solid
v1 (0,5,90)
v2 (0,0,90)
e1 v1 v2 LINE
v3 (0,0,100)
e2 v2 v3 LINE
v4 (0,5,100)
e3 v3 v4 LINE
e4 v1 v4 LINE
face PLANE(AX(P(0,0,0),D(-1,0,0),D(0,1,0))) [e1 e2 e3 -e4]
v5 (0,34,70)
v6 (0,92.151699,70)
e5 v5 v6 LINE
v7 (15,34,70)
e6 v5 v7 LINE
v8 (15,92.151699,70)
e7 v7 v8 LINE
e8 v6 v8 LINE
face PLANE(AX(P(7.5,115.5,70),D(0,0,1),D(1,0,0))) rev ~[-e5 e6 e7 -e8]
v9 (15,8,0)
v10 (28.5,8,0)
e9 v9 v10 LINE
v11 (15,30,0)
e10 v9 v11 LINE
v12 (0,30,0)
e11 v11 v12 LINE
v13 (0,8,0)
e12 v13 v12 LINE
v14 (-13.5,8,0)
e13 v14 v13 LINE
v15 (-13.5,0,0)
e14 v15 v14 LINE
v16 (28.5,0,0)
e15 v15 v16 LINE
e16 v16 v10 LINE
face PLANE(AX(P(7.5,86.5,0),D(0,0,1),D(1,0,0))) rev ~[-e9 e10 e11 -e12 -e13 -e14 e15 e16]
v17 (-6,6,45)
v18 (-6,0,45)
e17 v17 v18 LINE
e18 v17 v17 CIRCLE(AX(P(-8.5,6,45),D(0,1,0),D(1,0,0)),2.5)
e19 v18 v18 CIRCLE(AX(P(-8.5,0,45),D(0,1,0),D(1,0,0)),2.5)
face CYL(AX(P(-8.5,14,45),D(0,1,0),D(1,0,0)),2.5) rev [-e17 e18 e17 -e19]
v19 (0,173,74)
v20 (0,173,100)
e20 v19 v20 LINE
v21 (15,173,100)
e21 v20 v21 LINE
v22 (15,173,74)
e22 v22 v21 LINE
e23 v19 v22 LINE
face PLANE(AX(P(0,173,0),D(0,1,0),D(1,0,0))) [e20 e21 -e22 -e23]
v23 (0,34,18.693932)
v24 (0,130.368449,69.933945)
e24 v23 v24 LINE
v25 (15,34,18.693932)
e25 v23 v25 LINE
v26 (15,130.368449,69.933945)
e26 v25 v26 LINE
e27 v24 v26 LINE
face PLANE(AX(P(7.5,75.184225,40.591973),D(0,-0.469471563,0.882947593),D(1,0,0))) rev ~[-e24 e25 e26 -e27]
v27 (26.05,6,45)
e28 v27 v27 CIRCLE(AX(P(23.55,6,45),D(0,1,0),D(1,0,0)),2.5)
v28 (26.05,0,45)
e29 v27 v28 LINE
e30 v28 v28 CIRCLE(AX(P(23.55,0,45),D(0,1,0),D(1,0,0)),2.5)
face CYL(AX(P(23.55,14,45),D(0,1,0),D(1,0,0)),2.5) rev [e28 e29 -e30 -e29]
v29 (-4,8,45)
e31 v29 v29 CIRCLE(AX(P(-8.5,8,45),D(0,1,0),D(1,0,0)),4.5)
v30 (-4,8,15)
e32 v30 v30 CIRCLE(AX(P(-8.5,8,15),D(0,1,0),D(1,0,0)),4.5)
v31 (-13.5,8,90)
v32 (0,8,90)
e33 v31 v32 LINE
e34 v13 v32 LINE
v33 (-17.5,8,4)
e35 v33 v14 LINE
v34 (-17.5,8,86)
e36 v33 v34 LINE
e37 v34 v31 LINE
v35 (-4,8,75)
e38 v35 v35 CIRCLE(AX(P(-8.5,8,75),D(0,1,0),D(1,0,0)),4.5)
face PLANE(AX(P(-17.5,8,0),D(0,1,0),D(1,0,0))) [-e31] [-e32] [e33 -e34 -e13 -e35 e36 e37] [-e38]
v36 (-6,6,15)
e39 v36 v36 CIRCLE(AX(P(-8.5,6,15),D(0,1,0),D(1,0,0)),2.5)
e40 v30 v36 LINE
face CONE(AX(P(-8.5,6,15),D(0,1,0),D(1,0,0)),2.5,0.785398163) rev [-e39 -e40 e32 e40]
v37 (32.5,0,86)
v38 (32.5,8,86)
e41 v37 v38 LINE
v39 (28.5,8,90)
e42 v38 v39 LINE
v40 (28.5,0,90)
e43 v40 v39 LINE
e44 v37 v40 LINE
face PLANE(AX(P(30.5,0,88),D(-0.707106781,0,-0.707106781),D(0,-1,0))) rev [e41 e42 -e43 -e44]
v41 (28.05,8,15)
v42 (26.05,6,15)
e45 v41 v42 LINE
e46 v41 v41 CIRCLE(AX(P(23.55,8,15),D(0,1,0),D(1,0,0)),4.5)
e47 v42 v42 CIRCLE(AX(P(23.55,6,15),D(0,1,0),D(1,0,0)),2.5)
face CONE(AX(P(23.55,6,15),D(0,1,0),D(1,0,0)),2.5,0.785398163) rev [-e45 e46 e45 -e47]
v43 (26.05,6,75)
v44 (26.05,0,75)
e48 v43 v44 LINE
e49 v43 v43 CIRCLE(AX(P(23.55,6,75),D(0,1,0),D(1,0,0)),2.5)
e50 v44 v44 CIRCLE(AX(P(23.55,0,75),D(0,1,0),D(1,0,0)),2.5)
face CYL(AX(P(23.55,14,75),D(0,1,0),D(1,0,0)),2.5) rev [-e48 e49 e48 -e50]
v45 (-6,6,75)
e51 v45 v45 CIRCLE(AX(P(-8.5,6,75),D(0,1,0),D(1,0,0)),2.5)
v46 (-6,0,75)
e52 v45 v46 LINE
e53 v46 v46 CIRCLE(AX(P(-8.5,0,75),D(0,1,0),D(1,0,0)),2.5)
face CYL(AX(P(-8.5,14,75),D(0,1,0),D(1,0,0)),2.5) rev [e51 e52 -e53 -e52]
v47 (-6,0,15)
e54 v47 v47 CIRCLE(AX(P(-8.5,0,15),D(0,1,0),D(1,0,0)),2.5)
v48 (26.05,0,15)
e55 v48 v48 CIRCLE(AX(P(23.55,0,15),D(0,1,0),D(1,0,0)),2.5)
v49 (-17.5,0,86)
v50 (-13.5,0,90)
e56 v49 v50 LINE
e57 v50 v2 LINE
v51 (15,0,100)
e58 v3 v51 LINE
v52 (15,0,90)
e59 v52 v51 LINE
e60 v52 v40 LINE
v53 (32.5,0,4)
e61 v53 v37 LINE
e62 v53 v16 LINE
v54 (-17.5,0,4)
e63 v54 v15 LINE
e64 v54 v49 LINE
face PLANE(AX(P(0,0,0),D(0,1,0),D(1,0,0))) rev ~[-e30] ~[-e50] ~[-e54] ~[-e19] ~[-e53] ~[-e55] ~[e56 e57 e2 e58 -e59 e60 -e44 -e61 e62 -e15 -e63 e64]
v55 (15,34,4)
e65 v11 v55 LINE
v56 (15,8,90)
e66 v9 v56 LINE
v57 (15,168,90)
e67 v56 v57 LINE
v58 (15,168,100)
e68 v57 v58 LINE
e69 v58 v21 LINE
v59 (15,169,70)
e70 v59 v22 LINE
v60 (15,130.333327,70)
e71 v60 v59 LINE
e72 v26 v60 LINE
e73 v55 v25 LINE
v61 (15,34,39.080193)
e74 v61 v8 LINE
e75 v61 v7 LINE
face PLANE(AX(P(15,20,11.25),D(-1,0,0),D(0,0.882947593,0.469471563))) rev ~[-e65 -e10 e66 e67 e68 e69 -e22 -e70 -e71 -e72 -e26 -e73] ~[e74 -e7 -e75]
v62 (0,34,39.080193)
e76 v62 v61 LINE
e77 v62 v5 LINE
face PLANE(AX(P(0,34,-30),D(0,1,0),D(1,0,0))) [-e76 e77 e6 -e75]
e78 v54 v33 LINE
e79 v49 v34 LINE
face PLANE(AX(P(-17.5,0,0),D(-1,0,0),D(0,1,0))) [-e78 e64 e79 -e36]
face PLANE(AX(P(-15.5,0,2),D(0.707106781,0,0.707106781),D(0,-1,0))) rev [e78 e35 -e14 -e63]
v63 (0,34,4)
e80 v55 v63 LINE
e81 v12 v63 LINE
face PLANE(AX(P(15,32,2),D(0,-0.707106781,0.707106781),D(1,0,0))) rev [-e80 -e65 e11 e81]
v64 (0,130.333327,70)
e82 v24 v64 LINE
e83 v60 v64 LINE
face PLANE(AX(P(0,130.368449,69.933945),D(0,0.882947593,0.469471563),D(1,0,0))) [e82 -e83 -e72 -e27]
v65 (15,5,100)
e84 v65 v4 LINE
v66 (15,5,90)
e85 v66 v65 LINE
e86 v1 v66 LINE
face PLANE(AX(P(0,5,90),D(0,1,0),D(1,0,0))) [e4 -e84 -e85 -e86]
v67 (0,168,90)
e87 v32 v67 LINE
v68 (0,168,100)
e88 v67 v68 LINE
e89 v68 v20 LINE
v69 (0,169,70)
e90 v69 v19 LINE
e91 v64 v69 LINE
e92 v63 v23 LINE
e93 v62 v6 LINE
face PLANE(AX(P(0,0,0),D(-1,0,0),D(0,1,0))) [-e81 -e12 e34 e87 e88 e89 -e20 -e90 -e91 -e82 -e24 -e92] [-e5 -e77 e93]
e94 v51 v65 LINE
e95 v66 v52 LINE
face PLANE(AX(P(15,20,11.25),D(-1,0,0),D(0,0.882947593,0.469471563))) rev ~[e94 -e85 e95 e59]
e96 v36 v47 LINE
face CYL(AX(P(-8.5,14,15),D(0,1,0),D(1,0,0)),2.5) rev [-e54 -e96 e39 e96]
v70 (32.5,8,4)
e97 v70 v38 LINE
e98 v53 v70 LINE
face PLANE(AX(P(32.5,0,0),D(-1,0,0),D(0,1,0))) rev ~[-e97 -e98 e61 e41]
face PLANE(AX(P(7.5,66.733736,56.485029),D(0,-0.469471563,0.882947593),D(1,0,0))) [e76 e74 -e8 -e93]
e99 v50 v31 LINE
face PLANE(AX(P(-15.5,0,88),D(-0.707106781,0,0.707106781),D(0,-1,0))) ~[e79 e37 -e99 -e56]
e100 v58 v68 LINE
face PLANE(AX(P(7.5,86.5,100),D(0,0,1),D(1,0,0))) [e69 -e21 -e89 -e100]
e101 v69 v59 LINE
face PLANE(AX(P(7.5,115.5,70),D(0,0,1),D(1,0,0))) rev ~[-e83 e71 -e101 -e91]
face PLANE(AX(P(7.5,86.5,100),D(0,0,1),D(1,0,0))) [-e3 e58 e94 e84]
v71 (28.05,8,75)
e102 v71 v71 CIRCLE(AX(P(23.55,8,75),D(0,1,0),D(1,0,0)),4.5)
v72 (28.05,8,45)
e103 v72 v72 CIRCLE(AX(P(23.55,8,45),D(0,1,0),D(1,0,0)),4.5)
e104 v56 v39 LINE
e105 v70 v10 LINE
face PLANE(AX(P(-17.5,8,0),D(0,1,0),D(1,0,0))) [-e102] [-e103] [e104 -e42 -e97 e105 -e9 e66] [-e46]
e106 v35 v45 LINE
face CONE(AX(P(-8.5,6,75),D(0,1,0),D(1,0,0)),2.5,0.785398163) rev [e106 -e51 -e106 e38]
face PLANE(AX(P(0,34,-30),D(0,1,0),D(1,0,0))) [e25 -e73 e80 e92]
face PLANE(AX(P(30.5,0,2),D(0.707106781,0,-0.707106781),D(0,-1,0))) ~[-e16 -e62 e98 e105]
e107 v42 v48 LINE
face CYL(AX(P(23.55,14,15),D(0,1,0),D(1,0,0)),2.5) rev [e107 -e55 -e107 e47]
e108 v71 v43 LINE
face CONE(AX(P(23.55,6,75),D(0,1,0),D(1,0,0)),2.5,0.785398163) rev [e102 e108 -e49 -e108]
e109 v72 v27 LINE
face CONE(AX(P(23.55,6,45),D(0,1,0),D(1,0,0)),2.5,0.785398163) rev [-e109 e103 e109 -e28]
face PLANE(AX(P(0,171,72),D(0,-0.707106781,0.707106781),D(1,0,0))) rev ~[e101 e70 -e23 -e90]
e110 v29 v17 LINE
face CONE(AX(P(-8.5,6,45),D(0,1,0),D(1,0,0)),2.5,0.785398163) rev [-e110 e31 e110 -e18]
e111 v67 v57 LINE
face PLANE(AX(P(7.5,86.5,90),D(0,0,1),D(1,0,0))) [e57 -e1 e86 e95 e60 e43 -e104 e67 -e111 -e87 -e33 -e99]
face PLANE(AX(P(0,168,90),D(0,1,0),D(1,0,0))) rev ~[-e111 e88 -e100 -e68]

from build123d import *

# Parameters (mm, degrees)
CYLINDER005_R          = 2.5
CYLINDER005_DEPTH      = 20
CYLINDER005_ROLL_ANGLE = 90
CYLINDER004_R          = 2.5
CYLINDER004_DEPTH      = 20
CYLINDER004_ROLL_ANGLE = 90
CYLINDER003_R          = 2.5
CYLINDER003_DEPTH      = 20
CYLINDER003_ROLL_ANGLE = 90
CYLINDER002_R          = 2.5
CYLINDER002_DEPTH      = 20
CYLINDER002_ROLL_ANGLE = 90
CYLINDER001_R          = 2.5
CYLINDER001_DEPTH      = 20
CYLINDER001_ROLL_ANGLE = 90
CYLINDER_R             = 2.5
CYLINDER_DEPTH         = 20
CYLINDER_ROLL_ANGLE    = 90
BOX002_W               = 15
BOX002_H               = 163
BOX002_DEPTH           = 100
BOX003_W               = 15
BOX003_H               = 125
BOX003_DEPTH           = 18
BOX003_ROLL_ANGLE      = 28
BOX001_W               = 15
BOX001_H               = 163
BOX001_DEPTH           = 100
BOX_W                  = 15
BOX_H                  = 173
BOX_DEPTH              = 100
CHAMFER001_SIZE        = 4
BOX004_W               = 50
BOX004_H               = 8
BOX004_DEPTH           = 90
CHAMFER_SIZE           = 4
CHAMFER002_SIZE        = 4
CHAMFER003_SIZE        = 2


with BuildPart() as cylinder005:
    # Cylinder005 → Cylinder005 (new body)
    with BuildSketch(Plane.XY):
        Circle(CYLINDER005_R)
    extrude(amount=CYLINDER005_DEPTH)


with BuildPart() as cylinder005_1:
    # Cylinder005 roll: moved
    add(cylinder005.part.rotate(Axis((0, 0, 0), (1, 0, 0)), CYLINDER005_ROLL_ANGLE))


with BuildPart() as cylinder005_2:
    # Cylinder005 placement: moved
    add(cylinder005_1.part.moved(Location((-8.5, 14, 75))))


with BuildPart() as cylinder004:
    # Cylinder004 → Cylinder004 (new body)
    with BuildSketch(Plane.XY):
        Circle(CYLINDER004_R)
    extrude(amount=CYLINDER004_DEPTH)


with BuildPart() as cylinder004_1:
    # Cylinder004 roll: moved
    add(cylinder004.part.rotate(Axis((0, 0, 0), (1, 0, 0)), CYLINDER004_ROLL_ANGLE))


with BuildPart() as cylinder004_2:
    # Cylinder004 placement: moved
    add(cylinder004_1.part.moved(Location((23.55, 14, 75))))


with BuildPart() as cylinder003:
    # Cylinder003 → Cylinder003 (new body)
    with BuildSketch(Plane.XY):
        Circle(CYLINDER003_R)
    extrude(amount=CYLINDER003_DEPTH)


with BuildPart() as cylinder003_1:
    # Cylinder003 roll: moved
    add(cylinder003.part.rotate(Axis((0, 0, 0), (1, 0, 0)), CYLINDER003_ROLL_ANGLE))


with BuildPart() as cylinder003_2:
    # Cylinder003 placement: moved
    add(cylinder003_1.part.moved(Location((-8.5, 14, 45))))


with BuildPart() as cylinder002:
    # Cylinder002 → Cylinder002 (new body)
    with BuildSketch(Plane.XY):
        Circle(CYLINDER002_R)
    extrude(amount=CYLINDER002_DEPTH)


with BuildPart() as cylinder002_1:
    # Cylinder002 roll: moved
    add(cylinder002.part.rotate(Axis((0, 0, 0), (1, 0, 0)), CYLINDER002_ROLL_ANGLE))


with BuildPart() as cylinder002_2:
    # Cylinder002 placement: moved
    add(cylinder002_1.part.moved(Location((23.55, 14, 45))))


with BuildPart() as cylinder001:
    # Cylinder001 → Cylinder001 (new body)
    with BuildSketch(Plane.XY):
        Circle(CYLINDER001_R)
    extrude(amount=CYLINDER001_DEPTH)


with BuildPart() as cylinder001_1:
    # Cylinder001 roll: moved
    add(cylinder001.part.rotate(Axis((0, 0, 0), (1, 0, 0)), CYLINDER001_ROLL_ANGLE))


with BuildPart() as cylinder001_2:
    # Cylinder001 placement: moved
    add(cylinder001_1.part.moved(Location((-8.5, 14, 15))))


with BuildPart() as cylinder:
    # Cylinder → Cylinder (new body)
    with BuildSketch(Plane.XY):
        Circle(CYLINDER_R)
    extrude(amount=CYLINDER_DEPTH)


with BuildPart() as cylinder_1:
    # Cylinder roll: moved
    add(cylinder.part.rotate(Axis((0, 0, 0), (1, 0, 0)), CYLINDER_ROLL_ANGLE))


with BuildPart() as cylinder_2:
    # Cylinder placement: moved
    add(cylinder_1.part.moved(Location((23.55, 14, 15))))


with BuildPart() as cube002:
    # Box002 → Box002 (new body)
    with BuildSketch(Plane(origin=(0, 5, 90), x_dir=(1, 0, 0), z_dir=(0, 0, 1))):
        with Locations((7.5, 81.5)):
            Rectangle(BOX002_W, BOX002_H)
    extrude(amount=BOX002_DEPTH)


with BuildPart() as cube003:
    # Box003 → Box003 (new body)
    with BuildSketch(Plane.XY):
        with Locations((7.5, 62.5)):
            Rectangle(BOX003_W, BOX003_H)
    extrude(amount=BOX003_DEPTH)


with BuildPart() as cube003_1:
    # Box003 roll: moved
    add(cube003.part.rotate(Axis((0, 0, 0), (1, 0, 0)), BOX003_ROLL_ANGLE))


with BuildPart() as cube003_2:
    # Box003 placement: moved
    add(cube003_1.part.moved(Location((0, 20, 11.25))))


with BuildPart() as cube001:
    # Box001 → Box001 (new body)
    with BuildSketch(Plane(origin=(0, 34, -30), x_dir=(1, 0, 0), z_dir=(0, 0, 1))):
        with Locations((7.5, 81.5)):
            Rectangle(BOX001_W, BOX001_H)
    extrude(amount=BOX001_DEPTH)


with BuildPart() as chamfer001:
    # Box → Box (new body)
    with BuildSketch(Plane.XY):
        with Locations((7.5, 86.5)):
            Rectangle(BOX_W, BOX_H)
    extrude(amount=BOX_DEPTH)

    # Cut: cut Cube001
    add(cube001.part, mode=Mode.SUBTRACT)

    # Fusion: union Cube003
    add(cube003_2.part)

    # Chamfer001
    chamfer001_edges = [chamfer001.edges().sort_by_distance(p)[0] for p in [
        (7.5, 34, 0),
    ]]
    chamfer(chamfer001_edges, length=CHAMFER001_SIZE)


with BuildPart() as final:
    # Box004 → Box004 (new body)
    with BuildSketch(Plane(origin=(-17.5, 0, 0), x_dir=(1, 0, 0), z_dir=(0, 0, 1))):
        with Locations((25, 4)):
            Rectangle(BOX004_W, BOX004_H)
    extrude(amount=BOX004_DEPTH)

    # Chamfer
    chamfer_edges = [final.edges().sort_by_distance(p)[0] for p in [
        (-17.5, 4, 90),
        (-17.5, 4, 0),
        (32.5, 4, 90),
        (32.5, 4, 0),
    ]]
    chamfer(chamfer_edges, length=CHAMFER_SIZE)

    # Fusion001: union Chamfer001
    add(chamfer001.part)

    # Cut001: cut Cube002
    add(cube002.part, mode=Mode.SUBTRACT)

    # Chamfer002
    chamfer002_edges = [final.edges().sort_by_distance(p)[0] for p in [
        (7.5, 173, 70),
    ]]
    chamfer(chamfer002_edges, length=CHAMFER002_SIZE)

    # Cut002: cut Cylinder
    add(cylinder_2.part, mode=Mode.SUBTRACT)

    # Cut003: cut Cylinder001
    add(cylinder001_2.part, mode=Mode.SUBTRACT)

    # Cut004: cut Cylinder002
    add(cylinder002_2.part, mode=Mode.SUBTRACT)

    # Cut005: cut Cylinder003
    add(cylinder003_2.part, mode=Mode.SUBTRACT)

    # Cut006: cut Cylinder004
    add(cylinder004_2.part, mode=Mode.SUBTRACT)

    # Cut007: cut Cylinder005
    add(cylinder005_2.part, mode=Mode.SUBTRACT)

    # Chamfer003
    chamfer003_edges = [final.edges().sort_by_distance(p)[0] for p in [
        (-11, 8, 75),
        (-11, 8, 45),
        (-11, 8, 15),
        (21.05, 8, 75),
        (21.05, 8, 45),
        (21.05, 8, 15),
    ]]
    chamfer(chamfer003_edges, length=CHAMFER003_SIZE)


solid = final.part
